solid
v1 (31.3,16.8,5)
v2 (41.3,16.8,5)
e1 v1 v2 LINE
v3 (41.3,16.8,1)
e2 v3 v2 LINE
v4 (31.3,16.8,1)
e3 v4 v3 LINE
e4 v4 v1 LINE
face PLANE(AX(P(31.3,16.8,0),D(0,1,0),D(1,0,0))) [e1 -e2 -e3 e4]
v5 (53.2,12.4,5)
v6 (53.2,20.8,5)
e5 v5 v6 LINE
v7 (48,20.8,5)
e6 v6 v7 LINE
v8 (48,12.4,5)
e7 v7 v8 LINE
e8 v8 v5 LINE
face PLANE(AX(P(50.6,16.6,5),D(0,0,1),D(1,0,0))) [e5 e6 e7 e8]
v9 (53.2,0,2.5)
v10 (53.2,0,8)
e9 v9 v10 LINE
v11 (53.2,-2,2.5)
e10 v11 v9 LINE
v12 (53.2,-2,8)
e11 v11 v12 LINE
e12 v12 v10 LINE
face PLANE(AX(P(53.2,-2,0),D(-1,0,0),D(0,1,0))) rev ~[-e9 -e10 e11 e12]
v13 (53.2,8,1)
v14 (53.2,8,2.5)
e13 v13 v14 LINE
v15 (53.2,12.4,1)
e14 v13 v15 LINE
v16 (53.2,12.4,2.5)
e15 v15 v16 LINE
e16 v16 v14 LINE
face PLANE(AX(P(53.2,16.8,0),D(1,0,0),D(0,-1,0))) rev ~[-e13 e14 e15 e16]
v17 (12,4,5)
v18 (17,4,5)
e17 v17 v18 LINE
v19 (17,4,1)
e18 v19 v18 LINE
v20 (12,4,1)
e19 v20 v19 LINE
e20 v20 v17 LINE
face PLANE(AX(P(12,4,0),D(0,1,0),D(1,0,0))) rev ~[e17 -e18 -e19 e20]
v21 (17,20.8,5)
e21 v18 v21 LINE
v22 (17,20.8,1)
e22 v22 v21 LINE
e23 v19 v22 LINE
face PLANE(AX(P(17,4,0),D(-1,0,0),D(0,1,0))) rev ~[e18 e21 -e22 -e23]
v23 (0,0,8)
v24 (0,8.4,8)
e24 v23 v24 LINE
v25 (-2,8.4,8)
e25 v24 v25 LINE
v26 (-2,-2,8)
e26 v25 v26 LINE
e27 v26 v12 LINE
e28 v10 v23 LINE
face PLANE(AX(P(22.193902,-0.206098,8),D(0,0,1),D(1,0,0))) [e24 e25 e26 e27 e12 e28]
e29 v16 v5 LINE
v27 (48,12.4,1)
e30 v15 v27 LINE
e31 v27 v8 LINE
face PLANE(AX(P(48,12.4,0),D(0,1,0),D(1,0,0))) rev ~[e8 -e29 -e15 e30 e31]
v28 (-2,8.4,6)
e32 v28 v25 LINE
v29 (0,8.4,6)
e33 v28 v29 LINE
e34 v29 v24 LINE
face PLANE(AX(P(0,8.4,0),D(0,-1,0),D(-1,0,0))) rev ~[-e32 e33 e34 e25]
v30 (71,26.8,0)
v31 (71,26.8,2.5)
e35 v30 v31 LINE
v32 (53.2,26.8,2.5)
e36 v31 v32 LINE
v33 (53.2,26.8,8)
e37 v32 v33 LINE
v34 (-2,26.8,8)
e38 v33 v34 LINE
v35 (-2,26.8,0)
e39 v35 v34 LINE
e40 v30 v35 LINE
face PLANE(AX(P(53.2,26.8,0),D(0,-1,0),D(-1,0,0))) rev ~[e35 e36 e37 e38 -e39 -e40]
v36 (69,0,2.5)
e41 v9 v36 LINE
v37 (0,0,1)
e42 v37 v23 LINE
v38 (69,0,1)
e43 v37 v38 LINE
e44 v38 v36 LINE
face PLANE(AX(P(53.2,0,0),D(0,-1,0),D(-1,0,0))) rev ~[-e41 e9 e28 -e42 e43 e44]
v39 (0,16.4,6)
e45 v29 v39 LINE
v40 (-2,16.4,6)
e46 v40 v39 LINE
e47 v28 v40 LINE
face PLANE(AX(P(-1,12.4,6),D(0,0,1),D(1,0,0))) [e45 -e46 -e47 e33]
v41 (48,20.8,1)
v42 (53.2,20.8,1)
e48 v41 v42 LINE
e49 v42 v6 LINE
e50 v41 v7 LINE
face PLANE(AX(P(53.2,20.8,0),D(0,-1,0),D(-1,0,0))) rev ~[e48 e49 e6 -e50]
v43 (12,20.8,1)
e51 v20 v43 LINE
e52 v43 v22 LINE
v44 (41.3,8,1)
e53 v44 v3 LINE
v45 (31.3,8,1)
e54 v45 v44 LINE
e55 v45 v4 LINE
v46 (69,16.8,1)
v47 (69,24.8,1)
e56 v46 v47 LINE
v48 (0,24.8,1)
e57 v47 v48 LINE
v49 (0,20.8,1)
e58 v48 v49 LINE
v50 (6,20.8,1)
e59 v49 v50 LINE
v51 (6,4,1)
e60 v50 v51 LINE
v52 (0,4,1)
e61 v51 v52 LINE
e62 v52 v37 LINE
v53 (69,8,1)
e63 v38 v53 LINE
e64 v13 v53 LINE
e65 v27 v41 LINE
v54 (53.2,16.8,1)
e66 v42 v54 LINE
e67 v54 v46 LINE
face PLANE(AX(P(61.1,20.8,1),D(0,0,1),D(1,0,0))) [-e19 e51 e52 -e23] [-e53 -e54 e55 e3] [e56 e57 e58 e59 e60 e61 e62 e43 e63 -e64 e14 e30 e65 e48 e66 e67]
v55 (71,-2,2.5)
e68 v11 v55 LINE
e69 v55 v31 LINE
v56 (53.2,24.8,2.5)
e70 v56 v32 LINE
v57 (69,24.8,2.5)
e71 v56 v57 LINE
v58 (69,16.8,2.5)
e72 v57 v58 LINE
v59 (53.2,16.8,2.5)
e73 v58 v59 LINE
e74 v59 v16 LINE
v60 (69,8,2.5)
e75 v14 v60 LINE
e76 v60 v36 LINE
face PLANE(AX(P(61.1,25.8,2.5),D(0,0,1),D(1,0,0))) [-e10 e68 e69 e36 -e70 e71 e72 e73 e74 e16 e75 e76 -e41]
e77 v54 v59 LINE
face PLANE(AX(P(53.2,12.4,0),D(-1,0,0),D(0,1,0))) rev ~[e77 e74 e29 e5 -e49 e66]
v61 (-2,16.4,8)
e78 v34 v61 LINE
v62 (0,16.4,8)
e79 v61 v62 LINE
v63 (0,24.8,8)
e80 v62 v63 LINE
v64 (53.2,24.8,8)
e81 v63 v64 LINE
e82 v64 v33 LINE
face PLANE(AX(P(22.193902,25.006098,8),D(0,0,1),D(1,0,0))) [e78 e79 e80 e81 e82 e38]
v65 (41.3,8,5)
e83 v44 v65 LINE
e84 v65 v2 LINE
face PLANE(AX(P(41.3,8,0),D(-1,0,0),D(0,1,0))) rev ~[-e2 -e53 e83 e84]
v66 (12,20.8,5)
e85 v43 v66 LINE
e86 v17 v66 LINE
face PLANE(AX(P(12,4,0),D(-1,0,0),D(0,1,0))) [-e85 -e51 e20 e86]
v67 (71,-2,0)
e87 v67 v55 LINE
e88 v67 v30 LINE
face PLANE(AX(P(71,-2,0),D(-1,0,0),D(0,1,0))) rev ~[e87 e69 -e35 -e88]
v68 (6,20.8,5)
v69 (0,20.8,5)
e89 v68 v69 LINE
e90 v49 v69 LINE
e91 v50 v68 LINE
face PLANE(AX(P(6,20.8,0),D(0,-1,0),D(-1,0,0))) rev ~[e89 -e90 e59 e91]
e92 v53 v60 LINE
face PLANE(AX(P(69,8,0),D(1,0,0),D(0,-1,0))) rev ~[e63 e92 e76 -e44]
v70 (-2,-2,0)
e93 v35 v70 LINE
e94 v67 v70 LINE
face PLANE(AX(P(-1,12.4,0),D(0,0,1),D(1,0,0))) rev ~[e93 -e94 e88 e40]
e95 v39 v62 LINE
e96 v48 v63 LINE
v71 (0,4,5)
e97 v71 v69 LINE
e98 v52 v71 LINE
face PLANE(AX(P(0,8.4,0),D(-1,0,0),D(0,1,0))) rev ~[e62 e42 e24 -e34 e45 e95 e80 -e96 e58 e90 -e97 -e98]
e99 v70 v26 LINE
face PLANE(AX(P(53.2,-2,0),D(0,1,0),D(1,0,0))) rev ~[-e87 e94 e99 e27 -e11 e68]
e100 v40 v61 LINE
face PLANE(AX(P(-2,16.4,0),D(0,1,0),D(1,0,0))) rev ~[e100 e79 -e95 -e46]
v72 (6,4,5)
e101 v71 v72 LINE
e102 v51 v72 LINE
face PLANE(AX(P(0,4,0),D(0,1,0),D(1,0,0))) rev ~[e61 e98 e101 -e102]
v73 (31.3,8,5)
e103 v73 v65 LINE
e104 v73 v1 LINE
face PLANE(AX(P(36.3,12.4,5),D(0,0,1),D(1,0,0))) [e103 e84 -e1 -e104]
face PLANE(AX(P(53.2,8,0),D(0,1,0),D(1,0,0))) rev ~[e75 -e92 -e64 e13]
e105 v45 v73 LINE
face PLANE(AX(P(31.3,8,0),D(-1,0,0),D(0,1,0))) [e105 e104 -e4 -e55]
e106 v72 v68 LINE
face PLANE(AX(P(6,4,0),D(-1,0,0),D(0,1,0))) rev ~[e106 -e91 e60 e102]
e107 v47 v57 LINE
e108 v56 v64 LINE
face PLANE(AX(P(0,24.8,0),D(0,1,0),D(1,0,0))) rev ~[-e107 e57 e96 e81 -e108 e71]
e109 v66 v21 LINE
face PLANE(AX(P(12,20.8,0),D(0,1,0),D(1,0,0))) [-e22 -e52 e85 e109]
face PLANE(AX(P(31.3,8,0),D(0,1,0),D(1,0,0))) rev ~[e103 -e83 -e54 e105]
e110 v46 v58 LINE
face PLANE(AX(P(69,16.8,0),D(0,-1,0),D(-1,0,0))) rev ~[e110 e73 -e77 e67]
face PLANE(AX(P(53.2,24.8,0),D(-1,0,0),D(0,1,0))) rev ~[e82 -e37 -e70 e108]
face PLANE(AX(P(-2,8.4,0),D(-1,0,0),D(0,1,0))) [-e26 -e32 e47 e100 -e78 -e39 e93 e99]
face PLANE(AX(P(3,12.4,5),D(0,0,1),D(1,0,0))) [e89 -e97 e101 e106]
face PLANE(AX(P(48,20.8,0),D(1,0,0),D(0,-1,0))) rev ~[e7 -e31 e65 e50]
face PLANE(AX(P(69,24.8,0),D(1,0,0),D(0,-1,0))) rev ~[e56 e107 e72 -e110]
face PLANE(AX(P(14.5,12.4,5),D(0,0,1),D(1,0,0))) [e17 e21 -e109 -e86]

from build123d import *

# Parameters (mm, degrees)
F0_W     = 5
F0_H     = 16.8
F0_W_2   = 10
F0_H_2   = 8.8
F0_W_3   = 15.8
F0_H_3   = 8
F1_DEPTH = 1
F0_H_4   = 2
F2_DEPTH = 2.5
F3_DEPTH = 5
F4_DEPTH = 8
F0_W_4   = 2
F5_DEPTH = 6


with BuildPart() as f1:
    # F0 (on Top) → F1 (new body)
    with BuildSketch(Plane.XY):
        Polygon((69, 24.8), (53.2, 24.8), (53.2, 20.8), (53.2, 16.8), (69, 16.8), align=None)
        Polygon((0, 24.8), (0, 20.8), (6, 20.8), (6, 4), (0, 4), (0, 0), (53.2, 0), (53.2, 8), (53.2, 12.4), (48, 12.4), (48, 20.8), (53.2, 20.8), (53.2, 24.8), align=None)
        with Locations((14.5, 12.4)):
            Rectangle(F0_W, F0_H, mode=Mode.SUBTRACT)
        with Locations((36.3, 12.4)):
            Rectangle(F0_W_2, F0_H_2, mode=Mode.SUBTRACT)
        with Locations((61.1, 4)):
            Rectangle(F0_W_3, F0_H_3)
    extrude(amount=F1_DEPTH)

    # F0 (on Top) → F2 (join)
    with BuildSketch(Plane.XY):
        with Locations((61.1, 25.8)):
            Rectangle(F0_W_3, F0_H_4)
        Polygon((69, 8), (69, 16.8), (53.2, 16.8), (53.2, 12.4), (53.2, 8), align=None)
        with Locations((61.1, -1)):
            Rectangle(F0_W_3, F0_H_4)
        Polygon((69, 26.8), (69, 24.8), (69, 16.8), (69, 8), (69, 0), (69, -2), (71, -2), (71, 26.8), align=None)
    extrude(amount=F2_DEPTH)

    # F0 (on Top) → F3 (join)
    with BuildSketch(Plane.XY):
        Polygon((6, 20.8), (0, 20.8), (0, 16.4), (0, 8.4), (0, 4), (6, 4), align=None)
        with Locations((14.5, 12.4)):
            Rectangle(F0_W, F0_H)
        with Locations((36.3, 12.4)):
            Rectangle(F0_W_2, F0_H_2)
        Polygon((53.2, 16.8), (53.2, 20.8), (48, 20.8), (48, 12.4), (53.2, 12.4), align=None)
    extrude(amount=F3_DEPTH)

    # F0 (on Top) → F4 (join)
    with BuildSketch(Plane.XY):
        Polygon((0, 16.4), (0, 20.8), (0, 24.8), (53.2, 24.8), (53.2, 26.8), (-2, 26.8), (-2, 16.4), align=None)
        Polygon((0, 4), (0, 8.4), (-2, 8.4), (-2, -2), (53.2, -2), (53.2, 0), (0, 0), align=None)
    extrude(amount=F4_DEPTH)

    # F0 (on Top) → F5 (join)
    with BuildSketch(Plane.XY):
        with Locations((-1, 12.4)):
            Rectangle(F0_W_4, F0_H_3)
    extrude(amount=F5_DEPTH)


solid = f1.part
